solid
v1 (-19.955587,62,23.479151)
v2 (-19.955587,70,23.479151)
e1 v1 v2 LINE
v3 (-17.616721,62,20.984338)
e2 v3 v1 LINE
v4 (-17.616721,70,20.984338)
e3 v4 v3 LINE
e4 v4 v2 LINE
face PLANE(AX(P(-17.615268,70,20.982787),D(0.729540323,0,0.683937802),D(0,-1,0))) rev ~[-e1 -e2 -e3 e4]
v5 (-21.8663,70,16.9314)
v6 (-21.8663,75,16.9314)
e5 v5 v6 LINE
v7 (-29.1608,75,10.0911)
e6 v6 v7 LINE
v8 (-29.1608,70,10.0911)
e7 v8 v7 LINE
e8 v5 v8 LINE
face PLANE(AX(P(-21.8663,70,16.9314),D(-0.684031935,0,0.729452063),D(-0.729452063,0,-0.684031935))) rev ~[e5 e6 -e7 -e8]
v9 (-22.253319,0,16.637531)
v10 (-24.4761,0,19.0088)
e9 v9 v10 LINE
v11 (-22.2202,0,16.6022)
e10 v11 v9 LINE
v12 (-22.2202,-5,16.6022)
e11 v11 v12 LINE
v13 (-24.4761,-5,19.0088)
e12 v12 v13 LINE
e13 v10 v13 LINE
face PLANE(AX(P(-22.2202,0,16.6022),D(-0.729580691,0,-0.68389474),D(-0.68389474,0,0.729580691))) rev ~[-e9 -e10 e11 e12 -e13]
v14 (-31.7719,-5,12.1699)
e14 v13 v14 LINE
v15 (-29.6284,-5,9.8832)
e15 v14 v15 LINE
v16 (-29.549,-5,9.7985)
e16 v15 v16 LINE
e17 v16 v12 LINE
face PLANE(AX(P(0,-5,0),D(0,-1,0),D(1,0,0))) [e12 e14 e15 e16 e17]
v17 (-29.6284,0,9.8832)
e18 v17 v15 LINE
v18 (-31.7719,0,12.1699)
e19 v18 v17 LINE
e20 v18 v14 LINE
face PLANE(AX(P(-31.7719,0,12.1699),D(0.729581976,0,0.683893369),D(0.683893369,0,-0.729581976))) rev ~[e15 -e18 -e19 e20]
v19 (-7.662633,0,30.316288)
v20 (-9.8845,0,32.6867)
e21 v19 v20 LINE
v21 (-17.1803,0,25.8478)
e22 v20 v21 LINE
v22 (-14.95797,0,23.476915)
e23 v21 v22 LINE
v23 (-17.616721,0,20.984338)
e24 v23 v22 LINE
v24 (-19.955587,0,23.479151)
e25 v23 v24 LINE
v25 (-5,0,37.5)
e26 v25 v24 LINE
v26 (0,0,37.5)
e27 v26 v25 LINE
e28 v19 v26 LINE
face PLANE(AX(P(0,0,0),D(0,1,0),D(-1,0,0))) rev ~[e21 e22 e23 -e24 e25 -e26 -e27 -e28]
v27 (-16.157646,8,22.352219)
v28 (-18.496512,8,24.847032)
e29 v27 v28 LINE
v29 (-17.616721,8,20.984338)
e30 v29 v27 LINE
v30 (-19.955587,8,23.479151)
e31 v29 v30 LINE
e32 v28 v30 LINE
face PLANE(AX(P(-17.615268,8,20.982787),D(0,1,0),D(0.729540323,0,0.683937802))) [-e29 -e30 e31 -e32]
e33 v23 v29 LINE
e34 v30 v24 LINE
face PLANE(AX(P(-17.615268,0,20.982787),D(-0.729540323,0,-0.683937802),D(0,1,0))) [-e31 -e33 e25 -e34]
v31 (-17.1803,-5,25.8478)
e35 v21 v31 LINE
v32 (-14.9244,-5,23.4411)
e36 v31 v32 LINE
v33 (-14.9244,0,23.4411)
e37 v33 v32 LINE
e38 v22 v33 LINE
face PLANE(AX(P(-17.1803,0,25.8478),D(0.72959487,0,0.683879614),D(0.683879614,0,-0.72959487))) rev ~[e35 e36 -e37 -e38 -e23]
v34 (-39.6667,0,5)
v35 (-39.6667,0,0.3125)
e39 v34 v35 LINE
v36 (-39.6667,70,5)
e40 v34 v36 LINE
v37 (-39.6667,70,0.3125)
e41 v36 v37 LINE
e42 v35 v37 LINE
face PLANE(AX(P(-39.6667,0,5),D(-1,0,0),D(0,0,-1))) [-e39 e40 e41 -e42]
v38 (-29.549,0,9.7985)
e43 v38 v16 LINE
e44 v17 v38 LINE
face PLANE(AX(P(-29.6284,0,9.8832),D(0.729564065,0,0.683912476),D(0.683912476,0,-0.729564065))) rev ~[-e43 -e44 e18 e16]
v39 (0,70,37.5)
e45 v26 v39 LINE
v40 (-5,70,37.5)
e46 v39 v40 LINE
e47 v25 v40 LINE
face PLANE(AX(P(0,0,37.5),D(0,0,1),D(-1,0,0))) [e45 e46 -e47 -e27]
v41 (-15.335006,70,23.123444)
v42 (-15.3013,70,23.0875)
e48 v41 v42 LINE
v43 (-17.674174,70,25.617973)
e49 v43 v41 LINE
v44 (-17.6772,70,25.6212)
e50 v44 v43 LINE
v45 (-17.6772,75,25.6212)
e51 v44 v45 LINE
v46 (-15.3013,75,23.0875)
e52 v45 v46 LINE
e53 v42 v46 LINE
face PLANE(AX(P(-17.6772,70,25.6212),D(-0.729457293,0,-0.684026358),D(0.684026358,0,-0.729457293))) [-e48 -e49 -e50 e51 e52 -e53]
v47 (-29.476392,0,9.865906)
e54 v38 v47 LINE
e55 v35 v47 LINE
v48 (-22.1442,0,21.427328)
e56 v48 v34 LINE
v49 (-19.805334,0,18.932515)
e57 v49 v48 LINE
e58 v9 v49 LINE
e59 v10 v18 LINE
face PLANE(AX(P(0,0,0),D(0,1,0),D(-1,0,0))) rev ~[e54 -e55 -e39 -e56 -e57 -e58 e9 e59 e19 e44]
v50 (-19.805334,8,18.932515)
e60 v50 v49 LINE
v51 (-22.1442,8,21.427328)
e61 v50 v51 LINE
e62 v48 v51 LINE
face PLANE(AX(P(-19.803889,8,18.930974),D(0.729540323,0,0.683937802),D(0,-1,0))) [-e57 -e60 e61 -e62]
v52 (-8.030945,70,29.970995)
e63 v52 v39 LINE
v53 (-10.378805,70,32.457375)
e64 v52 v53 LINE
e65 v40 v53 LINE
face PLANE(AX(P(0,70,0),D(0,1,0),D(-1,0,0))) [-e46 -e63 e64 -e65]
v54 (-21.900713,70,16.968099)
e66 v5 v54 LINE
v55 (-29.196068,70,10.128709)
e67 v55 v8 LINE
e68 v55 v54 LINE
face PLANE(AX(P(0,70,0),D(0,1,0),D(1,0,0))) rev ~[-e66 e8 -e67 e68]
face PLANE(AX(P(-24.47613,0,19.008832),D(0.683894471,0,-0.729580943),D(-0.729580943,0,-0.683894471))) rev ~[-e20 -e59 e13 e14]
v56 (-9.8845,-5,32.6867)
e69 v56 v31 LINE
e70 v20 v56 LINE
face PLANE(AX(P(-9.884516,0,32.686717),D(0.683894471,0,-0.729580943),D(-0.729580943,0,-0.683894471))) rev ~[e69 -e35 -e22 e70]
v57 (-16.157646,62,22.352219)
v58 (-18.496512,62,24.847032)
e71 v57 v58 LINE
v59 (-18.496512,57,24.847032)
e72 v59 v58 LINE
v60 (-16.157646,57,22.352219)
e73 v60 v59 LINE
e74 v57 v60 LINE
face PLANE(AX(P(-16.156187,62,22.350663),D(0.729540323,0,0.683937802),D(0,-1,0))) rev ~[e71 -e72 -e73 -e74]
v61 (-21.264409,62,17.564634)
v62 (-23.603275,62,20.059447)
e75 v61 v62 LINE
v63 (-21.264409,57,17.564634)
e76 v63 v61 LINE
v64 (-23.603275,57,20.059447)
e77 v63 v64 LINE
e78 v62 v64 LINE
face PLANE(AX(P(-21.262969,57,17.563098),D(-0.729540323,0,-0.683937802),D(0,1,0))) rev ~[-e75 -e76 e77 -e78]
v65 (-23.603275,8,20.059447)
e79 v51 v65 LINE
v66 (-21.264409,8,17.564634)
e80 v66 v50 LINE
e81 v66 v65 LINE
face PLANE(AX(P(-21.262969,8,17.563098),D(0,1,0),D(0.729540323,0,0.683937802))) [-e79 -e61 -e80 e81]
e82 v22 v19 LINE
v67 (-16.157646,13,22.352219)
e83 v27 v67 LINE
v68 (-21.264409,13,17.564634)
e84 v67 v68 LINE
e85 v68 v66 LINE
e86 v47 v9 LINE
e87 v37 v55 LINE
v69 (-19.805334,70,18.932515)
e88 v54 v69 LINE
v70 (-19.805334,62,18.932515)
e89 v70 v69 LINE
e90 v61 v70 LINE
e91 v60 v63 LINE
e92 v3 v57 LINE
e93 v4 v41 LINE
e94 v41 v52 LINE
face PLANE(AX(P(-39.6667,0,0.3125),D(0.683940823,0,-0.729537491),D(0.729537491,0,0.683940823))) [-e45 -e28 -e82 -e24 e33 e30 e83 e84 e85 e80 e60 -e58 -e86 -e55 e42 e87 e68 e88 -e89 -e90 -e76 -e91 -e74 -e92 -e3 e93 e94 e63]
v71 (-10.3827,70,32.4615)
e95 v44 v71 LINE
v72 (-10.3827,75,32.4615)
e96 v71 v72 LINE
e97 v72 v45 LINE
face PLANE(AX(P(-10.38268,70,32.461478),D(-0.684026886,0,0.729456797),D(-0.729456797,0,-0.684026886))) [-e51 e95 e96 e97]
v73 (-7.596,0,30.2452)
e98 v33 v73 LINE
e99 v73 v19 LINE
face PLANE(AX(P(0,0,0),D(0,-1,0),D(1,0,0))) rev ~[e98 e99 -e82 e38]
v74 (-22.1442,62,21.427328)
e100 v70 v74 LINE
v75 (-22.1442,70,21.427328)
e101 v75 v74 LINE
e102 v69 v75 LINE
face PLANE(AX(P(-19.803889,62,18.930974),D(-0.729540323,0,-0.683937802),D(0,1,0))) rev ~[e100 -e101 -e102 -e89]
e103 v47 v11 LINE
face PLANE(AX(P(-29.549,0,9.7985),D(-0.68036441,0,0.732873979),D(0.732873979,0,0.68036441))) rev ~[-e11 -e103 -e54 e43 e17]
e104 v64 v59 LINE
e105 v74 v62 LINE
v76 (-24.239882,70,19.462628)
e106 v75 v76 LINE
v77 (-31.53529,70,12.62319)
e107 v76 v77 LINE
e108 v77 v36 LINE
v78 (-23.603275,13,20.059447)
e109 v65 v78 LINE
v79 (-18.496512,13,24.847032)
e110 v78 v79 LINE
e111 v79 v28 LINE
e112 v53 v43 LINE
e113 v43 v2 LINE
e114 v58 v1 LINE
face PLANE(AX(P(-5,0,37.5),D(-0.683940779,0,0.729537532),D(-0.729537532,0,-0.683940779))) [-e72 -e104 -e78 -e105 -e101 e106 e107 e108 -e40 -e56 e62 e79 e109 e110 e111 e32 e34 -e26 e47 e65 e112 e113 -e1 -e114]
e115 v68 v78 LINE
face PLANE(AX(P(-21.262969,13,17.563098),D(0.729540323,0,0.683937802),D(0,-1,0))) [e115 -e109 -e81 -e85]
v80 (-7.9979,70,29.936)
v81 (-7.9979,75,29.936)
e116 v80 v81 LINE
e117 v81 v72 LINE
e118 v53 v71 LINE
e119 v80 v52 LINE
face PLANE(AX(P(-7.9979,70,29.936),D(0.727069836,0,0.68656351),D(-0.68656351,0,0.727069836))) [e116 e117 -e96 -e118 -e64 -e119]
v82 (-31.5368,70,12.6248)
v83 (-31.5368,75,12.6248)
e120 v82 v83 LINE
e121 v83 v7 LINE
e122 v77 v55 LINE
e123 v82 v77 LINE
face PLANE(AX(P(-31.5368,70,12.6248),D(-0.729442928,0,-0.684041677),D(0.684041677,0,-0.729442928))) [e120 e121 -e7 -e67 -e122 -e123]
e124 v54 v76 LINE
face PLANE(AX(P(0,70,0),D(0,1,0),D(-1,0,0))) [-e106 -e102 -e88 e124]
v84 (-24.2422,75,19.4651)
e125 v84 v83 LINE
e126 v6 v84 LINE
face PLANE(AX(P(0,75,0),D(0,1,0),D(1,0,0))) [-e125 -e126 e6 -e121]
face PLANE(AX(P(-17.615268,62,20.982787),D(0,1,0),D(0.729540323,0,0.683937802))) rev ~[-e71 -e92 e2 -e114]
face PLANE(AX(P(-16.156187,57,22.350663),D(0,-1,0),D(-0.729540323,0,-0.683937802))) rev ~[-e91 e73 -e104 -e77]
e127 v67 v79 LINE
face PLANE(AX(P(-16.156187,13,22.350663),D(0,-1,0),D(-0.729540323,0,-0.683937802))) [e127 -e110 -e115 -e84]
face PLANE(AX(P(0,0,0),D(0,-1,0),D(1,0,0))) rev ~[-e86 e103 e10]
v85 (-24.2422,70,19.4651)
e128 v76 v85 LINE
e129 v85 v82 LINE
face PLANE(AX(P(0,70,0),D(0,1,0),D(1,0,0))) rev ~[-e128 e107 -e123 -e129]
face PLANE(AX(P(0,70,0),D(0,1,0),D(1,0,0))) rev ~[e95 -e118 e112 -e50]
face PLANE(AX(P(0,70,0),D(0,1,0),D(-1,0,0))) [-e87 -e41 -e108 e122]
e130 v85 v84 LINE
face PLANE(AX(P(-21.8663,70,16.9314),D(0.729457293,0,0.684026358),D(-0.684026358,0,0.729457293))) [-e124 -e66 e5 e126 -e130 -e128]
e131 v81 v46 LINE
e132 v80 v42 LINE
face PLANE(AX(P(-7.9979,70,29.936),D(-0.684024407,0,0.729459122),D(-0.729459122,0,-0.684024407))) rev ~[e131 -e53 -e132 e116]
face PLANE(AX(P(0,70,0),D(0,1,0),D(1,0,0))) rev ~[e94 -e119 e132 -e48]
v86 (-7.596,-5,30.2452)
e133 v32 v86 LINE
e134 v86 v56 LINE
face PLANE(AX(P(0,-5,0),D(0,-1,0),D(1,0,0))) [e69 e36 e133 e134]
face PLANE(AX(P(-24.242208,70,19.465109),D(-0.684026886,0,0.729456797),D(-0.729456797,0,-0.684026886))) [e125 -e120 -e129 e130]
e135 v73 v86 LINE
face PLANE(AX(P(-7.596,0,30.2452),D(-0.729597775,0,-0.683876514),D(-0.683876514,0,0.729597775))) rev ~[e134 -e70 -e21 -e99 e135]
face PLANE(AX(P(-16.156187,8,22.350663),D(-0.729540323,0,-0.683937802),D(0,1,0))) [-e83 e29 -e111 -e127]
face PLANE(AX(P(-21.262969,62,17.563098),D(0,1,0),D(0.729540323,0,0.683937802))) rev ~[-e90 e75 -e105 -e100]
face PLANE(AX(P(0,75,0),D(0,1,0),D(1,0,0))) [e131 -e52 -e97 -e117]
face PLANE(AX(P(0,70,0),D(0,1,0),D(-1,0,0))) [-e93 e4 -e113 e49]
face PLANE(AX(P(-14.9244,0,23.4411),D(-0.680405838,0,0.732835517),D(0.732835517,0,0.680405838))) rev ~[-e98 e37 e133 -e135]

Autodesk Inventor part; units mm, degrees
ref_plane "YZ Plane" through (0, 0, 0) normal (1, 0, 0) x (0, 1, 0)
ref_plane "XZ Plane" through (0, 0, 0) normal (0, 1, 0) x (-1, 0, 0)
ref_plane "XY Plane" through (0, 0, 0) normal (0, 0, 1) x (1, 0, 0)
sketch "Sketch1" plane through (0, 0, 0) normal (0, 1, 0) x (-1, 0, 0)
  line L0 (39.6667, 0.3125) -> (0, 37.5)
  line L1 (0, 37.5) -> (5, 37.5)
  line L2 (5, 37.5) -> (39.6667, 5)
  line L3 (39.6667, 5) -> (39.6667, 0.3125)
  point P0 (0, 0)
  dimension "d2" = 5
  dimension "d46" = 32.5
extrude "Extrusion1" add sketch "Sketch1" along normal blind 70
sketch "Sketch2" plane through (-39.6667, 0, 0.3125) normal (0.6839, 0, -0.7295) x (-0.7295, 0, -0.6839)
  line L0 (-54.3406, 0) -> (-29.3406, 0)
  line L1 (-29.3406, 0) -> (-34.3406, 0)
  line L2 (-34.3406, 0) -> (-24.3406, 0)
  line L3 (-28.7246, 0) -> (-30.2246, 0)
  line L4 (-30.2246, 0) -> (-30.2246, 8)
  line L5 (-30.2246, 8) -> (-32.2246, 8)
  line L6 (-32.2246, 8) -> (-32.2246, 13)
  line L7 (-32.2246, 13) -> (-25.2246, 13)
  line L8 (-25.2246, 13) -> (-25.2246, 8)
  line L9 (-25.2246, 8) -> (-27.2246, 8)
  line L10 (-27.2246, 8) -> (-27.2246, 0)
  line L11 (-54.3406, 0) -> (-54.3406, 35)
  line L12 (-54.3406, 35) -> (0.1481, 35)
  line L13 (0.1481, 35) -> (0.1481, 0)
  line L14 (-29.3406, 70) -> (-34.3406, 70)
  line L15 (-34.3406, 70) -> (-24.3406, 70)
  line L16 (-28.7246, 70) -> (-30.2246, 70)
  line L17 (-30.2246, 70) -> (-30.2246, 62)
  line L18 (-30.2246, 62) -> (-32.2246, 62)
  line L19 (-32.2246, 62) -> (-32.2246, 57)
  line L20 (-32.2246, 57) -> (-25.2246, 57)
  line L21 (-25.2246, 57) -> (-25.2246, 62)
  line L22 (-25.2246, 62) -> (-27.2246, 62)
  line L23 (-27.2246, 62) -> (-27.2246, 70)
  dimension "d7" = 25
  dimension "d8" = 5
  dimension "d9" = 10
  dimension "d10" = 1.5
  dimension "d11" = 8
  dimension "d12" = 2
  dimension "d13" = 5
  dimension "d14" = 7
  dimension "d15" = 2
  dimension "d16" = 35
extrude "Extrusion2" cut sketch "Sketch2" against normal blind 5 contours L4 L5 L6 L7 L8 L9 L10 L2 L0
extrude "Extrusion3" cut sketch "Sketch2" against normal blind 5 contours L15 L23 L22 L21 L20 L19 L18 L17 L14
sketch "Sketch3" plane through (0, 70, 0) normal (0, 1, 0) x (1, 0, 0)
  line L0 (0, -37.4883) -> (-7.9979, -29.936)
  line L1 (0, -37.4883) -> (-5.022, -37.4883)
  line L2 (-5.022, -37.4883) -> (-45.0001, 0)
  line L3 (0, -37.4883) -> (-7.9979, -29.936)
  line L4 (-7.9979, -29.936) -> (-10.3827, -32.4615)
  line L5 (-10.3827, -32.4615) -> (-16.9476, -26.3054)
  line L6 (-21.8663, -16.9314) -> (-24.2422, -19.4651)
  line L7 (-24.2422, -19.4651) -> (-31.5368, -12.6248)
  line L8 (-31.5368, -12.6248) -> (-29.1608, -10.0911)
  line L9 (-21.8663, -16.9314) -> (-29.1608, -10.0911)
  line L10 (-10.3827, -32.4615) -> (-17.6772, -25.6212)
  line L11 (-7.9979, -29.936) -> (-21.8663, -16.9314)
  line L12 (-17.6772, -25.6212) -> (-15.3013, -23.0875)
  point P0 (0, 0)
  dimension "d25" = 90
  dimension "d28" = 10
  dimension "d32" = 18.4566
  dimension "d33" = 10
extrude "Extrusion4" add sketch "Sketch3" along normal blind 5 contours L4 L2 L12 L11 | L6 L2 L8 L9
sketch "Sketch4" plane through (0, 0, 0) normal (0, -1, 0) x (1, 0, 0)
  line L0 (0.1144, 37.3726) -> (-7.596, 30.2452)
  line L1 (0.1144, 37.3726) -> (-4.8856, 37.3726)
  line L2 (-4.8856, 37.3726) -> (-44.8855, -0.1225)
  line L3 (-4.8856, 37.3726) -> (-9.8845, 32.6867)
  line L4 (-7.596, 30.2452) -> (-9.8845, 32.6867)
  line L5 (-9.8845, 32.6867) -> (-17.1803, 25.8478)
  line L6 (-17.1803, 25.8478) -> (-14.9244, 23.4411)
  line L7 (-14.9244, 23.4411) -> (-22.2202, 16.6022)
  line L8 (-22.2202, 16.6022) -> (-24.4761, 19.0088)
  line L9 (-24.4761, 19.0088) -> (-31.7719, 12.1699)
  line L10 (-31.7719, 12.1699) -> (-29.6284, 9.8832)
  line L11 (-29.6284, 9.8832) -> (-29.549, 9.7985)
  line L12 (-29.549, 9.7985) -> (-29.5486, 9.7981)
  line L13 (-29.5486, 9.7981) -> (-22.2202, 16.6022)
  line L14 (-14.9244, 23.4411) -> (-7.596, 30.2452)
  point P0 (0, 0)
extrude "Extrusion5" add sketch "Sketch4" along normal blind 5 contours L14 L6 L2 L4 | L13 L11 L10 L2 L8
properties part number "lat_front_mdf2"
